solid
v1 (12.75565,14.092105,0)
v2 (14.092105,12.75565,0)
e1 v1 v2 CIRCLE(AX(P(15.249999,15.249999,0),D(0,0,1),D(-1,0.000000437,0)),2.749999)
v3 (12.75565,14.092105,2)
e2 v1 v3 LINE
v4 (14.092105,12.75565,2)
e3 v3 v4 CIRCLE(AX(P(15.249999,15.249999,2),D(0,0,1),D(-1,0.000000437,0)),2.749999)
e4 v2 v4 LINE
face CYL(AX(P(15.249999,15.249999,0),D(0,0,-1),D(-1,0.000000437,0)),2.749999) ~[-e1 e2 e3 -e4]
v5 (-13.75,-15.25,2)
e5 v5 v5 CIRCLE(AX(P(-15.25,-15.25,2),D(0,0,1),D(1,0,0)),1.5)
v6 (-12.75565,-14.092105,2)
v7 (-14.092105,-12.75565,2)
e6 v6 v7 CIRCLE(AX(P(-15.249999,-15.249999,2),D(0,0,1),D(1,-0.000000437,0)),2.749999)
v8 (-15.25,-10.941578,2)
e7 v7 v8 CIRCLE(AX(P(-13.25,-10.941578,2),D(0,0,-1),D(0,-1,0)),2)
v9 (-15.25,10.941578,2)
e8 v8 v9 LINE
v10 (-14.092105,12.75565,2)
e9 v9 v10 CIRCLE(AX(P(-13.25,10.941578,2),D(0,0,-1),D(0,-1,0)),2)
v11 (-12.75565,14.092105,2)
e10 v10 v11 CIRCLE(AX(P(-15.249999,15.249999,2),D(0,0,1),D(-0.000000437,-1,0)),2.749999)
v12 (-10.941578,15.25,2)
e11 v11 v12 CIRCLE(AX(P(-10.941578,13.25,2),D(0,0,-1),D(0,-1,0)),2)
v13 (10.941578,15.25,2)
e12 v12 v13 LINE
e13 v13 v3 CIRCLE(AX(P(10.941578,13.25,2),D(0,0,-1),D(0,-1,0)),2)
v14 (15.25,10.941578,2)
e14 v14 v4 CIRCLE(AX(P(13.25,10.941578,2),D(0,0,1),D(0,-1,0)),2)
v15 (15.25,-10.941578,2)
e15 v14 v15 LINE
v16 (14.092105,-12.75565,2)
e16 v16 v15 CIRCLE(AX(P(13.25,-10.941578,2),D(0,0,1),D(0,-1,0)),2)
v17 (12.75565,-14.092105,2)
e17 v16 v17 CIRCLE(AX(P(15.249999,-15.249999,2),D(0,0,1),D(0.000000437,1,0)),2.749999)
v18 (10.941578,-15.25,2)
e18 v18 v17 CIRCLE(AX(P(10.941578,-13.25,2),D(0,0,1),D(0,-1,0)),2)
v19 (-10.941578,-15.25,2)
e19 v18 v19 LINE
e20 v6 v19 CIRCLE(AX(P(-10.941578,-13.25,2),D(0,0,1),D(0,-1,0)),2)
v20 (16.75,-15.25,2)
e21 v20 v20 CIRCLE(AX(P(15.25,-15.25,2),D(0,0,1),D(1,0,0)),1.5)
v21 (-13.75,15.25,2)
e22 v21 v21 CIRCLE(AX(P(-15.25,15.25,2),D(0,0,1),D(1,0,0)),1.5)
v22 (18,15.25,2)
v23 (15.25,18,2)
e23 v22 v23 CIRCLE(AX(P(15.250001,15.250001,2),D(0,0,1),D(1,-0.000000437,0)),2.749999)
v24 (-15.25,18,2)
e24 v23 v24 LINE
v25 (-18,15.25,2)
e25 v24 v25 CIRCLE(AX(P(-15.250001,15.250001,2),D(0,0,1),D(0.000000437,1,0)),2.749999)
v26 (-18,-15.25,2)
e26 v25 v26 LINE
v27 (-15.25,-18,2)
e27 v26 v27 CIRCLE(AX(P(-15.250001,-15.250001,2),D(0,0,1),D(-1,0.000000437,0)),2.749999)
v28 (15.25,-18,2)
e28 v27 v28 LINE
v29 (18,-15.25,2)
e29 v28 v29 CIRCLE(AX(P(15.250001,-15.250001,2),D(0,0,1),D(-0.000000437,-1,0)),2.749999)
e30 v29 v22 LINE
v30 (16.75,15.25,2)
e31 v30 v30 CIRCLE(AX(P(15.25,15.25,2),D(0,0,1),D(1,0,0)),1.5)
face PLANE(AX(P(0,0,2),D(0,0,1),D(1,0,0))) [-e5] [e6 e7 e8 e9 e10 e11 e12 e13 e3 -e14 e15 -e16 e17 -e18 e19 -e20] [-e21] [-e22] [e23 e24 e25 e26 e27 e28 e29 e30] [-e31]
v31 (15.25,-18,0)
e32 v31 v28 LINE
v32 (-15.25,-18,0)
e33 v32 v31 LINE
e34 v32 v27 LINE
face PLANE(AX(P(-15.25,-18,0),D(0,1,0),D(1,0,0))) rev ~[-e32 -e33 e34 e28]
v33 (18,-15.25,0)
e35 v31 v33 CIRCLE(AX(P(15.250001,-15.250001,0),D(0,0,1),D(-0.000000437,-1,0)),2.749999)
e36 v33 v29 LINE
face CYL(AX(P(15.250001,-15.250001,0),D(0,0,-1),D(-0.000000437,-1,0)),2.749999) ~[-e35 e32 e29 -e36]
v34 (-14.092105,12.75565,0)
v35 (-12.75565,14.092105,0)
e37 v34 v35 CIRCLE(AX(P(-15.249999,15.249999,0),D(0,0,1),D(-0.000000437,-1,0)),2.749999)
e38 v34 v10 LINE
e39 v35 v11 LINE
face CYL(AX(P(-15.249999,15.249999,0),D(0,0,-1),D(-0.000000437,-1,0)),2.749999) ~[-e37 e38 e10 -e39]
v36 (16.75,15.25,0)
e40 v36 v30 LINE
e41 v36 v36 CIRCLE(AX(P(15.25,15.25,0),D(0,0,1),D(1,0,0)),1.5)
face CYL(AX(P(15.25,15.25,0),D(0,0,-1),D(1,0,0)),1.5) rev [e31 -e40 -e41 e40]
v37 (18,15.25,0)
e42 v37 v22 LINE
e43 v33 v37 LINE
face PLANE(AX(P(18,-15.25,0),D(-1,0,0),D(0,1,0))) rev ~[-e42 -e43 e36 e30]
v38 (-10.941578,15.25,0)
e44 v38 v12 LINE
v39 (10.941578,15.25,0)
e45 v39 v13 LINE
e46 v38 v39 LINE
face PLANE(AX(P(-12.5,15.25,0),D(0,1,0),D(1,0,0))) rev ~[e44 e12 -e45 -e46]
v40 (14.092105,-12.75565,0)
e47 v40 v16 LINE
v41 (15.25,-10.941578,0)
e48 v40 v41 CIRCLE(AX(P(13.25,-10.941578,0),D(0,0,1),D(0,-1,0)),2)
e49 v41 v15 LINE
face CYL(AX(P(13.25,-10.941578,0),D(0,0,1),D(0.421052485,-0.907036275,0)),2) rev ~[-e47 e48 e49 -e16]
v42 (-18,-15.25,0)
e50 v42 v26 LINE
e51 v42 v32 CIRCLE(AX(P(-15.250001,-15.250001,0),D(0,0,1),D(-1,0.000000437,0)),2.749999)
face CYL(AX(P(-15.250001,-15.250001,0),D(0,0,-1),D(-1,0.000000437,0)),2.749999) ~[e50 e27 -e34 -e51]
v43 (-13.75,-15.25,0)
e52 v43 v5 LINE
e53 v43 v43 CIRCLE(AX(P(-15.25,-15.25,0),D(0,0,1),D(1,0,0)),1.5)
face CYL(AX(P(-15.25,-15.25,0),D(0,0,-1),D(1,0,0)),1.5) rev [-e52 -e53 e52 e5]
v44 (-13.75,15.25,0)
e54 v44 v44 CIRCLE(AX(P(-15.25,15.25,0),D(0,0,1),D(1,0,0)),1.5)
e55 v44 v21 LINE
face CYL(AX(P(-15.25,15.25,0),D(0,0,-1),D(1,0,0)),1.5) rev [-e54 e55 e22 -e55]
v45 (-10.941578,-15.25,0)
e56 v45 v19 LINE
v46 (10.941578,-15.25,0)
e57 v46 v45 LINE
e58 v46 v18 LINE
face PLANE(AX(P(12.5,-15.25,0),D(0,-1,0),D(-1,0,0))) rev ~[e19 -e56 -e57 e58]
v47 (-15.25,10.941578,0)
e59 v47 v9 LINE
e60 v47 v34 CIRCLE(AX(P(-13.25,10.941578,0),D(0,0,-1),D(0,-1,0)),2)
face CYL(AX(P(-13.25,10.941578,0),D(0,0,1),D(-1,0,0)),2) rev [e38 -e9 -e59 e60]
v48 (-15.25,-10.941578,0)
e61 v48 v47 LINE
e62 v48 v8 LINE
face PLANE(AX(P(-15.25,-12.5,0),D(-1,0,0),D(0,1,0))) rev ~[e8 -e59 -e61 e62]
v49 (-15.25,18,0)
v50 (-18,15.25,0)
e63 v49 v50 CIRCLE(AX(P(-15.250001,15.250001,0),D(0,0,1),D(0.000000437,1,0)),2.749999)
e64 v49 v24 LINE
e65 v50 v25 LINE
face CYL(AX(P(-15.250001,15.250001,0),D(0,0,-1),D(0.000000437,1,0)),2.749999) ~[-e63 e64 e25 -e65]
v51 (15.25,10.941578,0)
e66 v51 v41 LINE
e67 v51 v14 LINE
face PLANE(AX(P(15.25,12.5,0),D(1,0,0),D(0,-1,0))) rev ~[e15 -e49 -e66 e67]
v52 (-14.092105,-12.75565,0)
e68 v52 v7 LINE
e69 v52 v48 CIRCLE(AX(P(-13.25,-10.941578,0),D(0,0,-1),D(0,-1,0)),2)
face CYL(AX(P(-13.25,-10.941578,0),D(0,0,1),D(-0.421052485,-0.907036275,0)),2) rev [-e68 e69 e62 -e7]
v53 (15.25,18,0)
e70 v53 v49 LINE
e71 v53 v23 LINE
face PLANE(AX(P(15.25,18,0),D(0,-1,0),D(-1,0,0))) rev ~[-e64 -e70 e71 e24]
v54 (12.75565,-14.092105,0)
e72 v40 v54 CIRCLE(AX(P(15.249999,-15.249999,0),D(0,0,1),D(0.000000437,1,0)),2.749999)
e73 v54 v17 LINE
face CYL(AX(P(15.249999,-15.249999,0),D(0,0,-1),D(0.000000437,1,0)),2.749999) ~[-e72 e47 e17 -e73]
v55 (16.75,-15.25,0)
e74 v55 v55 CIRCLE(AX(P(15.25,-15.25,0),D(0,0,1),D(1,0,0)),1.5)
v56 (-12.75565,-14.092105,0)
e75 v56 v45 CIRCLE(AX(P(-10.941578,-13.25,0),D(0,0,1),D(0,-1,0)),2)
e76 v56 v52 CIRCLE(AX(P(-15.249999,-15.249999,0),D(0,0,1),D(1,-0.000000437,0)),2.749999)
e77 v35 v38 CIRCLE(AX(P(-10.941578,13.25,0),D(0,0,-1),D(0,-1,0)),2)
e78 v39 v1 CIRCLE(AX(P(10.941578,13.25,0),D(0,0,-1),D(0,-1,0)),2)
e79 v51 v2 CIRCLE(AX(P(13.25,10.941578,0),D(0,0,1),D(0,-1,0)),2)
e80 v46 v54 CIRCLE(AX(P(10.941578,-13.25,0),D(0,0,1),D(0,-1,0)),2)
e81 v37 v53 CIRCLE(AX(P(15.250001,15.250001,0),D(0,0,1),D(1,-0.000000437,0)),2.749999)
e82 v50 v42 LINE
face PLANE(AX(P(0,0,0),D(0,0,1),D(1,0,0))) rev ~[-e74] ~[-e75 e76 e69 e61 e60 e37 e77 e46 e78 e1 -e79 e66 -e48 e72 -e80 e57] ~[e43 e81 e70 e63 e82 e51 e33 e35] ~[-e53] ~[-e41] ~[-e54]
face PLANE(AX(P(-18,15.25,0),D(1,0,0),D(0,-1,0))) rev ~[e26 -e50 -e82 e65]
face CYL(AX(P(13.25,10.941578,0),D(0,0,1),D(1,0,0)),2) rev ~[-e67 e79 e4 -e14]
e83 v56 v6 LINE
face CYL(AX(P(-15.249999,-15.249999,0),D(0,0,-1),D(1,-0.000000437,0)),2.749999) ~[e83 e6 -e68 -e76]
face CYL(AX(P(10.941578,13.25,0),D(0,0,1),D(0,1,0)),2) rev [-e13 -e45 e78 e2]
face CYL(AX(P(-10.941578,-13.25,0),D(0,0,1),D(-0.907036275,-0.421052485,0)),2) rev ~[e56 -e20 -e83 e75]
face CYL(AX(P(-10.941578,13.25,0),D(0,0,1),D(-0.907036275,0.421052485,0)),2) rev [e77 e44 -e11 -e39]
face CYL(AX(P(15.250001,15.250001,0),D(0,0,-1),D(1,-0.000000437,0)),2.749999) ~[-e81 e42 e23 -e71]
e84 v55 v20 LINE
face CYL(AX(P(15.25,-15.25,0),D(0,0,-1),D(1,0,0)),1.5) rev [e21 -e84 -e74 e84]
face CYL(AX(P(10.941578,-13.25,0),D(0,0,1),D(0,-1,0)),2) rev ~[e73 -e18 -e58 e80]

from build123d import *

# Parameters (mm, degrees)
F0_R     = 1.5
F1_DEPTH = 2
F2_R     = 2


with BuildPart() as f1:
    # F0 (on Top) → F1 (new body)
    with BuildSketch(Plane.XY):
        with BuildLine():
            Line((15.25, 18), (-15.25, 18))
            ThreePointArc((-15.25, 18), (-17.194544, 17.194544), (-18, 15.25))
            Line((-18, 15.25), (-18, -15.25))
            ThreePointArc((-18, -15.25), (-17.194544, -17.194544), (-15.25, -18))
            Line((-15.25, -18), (15.25, -18))
            ThreePointArc((15.25, -18), (17.194544, -17.194544), (18, -15.25))
            Line((18, -15.25), (18, 15.25))
            ThreePointArc((18, 15.25), (17.194544, 17.194544), (15.25, 18))
        make_face()
        with Locations((-15.25, -15.25)):
            Circle(F0_R, mode=Mode.SUBTRACT)
        with Locations((15.25, -15.25)):
            Circle(F0_R, mode=Mode.SUBTRACT)
        with Locations((-15.25, 15.25)):
            Circle(F0_R, mode=Mode.SUBTRACT)
        with BuildLine():
            Line((-15.25, -12.5), (-15.25, 12.5))
            ThreePointArc((-15.25, 12.5), (-13.305456, 13.305456), (-12.5, 15.25))
            Line((-12.5, 15.25), (12.5, 15.25))
            ThreePointArc((12.5, 15.25), (13.305456, 13.305456), (15.25, 12.5))
            Line((15.25, 12.5), (15.25, -12.5))
            ThreePointArc((15.25, -12.5), (13.305456, -13.305456), (12.5, -15.25))
            Line((12.5, -15.25), (-12.5, -15.25))
            ThreePointArc((-12.5, -15.25), (-13.305456, -13.305456), (-15.25, -12.5))
        make_face(mode=Mode.SUBTRACT)
        with Locations((15.25, 15.25)):
            Circle(F0_R, mode=Mode.SUBTRACT)
    extrude(amount=F1_DEPTH)

    # F2
    f2_edges = [f1.edges().sort_by_distance(p)[0] for p in [
        (-15.25, 12.5, 1),
        (-12.5, 15.25, 1),
        (12.5, 15.25, 1),
        (15.25, 12.5, 1),
        (15.25, -12.5, 1),
        (12.5, -15.25, 1),
        (-15.25, -12.5, 1),
        (-12.5, -15.25, 1),
    ]]
    fillet(f2_edges, radius=F2_R)


solid = f1.part
